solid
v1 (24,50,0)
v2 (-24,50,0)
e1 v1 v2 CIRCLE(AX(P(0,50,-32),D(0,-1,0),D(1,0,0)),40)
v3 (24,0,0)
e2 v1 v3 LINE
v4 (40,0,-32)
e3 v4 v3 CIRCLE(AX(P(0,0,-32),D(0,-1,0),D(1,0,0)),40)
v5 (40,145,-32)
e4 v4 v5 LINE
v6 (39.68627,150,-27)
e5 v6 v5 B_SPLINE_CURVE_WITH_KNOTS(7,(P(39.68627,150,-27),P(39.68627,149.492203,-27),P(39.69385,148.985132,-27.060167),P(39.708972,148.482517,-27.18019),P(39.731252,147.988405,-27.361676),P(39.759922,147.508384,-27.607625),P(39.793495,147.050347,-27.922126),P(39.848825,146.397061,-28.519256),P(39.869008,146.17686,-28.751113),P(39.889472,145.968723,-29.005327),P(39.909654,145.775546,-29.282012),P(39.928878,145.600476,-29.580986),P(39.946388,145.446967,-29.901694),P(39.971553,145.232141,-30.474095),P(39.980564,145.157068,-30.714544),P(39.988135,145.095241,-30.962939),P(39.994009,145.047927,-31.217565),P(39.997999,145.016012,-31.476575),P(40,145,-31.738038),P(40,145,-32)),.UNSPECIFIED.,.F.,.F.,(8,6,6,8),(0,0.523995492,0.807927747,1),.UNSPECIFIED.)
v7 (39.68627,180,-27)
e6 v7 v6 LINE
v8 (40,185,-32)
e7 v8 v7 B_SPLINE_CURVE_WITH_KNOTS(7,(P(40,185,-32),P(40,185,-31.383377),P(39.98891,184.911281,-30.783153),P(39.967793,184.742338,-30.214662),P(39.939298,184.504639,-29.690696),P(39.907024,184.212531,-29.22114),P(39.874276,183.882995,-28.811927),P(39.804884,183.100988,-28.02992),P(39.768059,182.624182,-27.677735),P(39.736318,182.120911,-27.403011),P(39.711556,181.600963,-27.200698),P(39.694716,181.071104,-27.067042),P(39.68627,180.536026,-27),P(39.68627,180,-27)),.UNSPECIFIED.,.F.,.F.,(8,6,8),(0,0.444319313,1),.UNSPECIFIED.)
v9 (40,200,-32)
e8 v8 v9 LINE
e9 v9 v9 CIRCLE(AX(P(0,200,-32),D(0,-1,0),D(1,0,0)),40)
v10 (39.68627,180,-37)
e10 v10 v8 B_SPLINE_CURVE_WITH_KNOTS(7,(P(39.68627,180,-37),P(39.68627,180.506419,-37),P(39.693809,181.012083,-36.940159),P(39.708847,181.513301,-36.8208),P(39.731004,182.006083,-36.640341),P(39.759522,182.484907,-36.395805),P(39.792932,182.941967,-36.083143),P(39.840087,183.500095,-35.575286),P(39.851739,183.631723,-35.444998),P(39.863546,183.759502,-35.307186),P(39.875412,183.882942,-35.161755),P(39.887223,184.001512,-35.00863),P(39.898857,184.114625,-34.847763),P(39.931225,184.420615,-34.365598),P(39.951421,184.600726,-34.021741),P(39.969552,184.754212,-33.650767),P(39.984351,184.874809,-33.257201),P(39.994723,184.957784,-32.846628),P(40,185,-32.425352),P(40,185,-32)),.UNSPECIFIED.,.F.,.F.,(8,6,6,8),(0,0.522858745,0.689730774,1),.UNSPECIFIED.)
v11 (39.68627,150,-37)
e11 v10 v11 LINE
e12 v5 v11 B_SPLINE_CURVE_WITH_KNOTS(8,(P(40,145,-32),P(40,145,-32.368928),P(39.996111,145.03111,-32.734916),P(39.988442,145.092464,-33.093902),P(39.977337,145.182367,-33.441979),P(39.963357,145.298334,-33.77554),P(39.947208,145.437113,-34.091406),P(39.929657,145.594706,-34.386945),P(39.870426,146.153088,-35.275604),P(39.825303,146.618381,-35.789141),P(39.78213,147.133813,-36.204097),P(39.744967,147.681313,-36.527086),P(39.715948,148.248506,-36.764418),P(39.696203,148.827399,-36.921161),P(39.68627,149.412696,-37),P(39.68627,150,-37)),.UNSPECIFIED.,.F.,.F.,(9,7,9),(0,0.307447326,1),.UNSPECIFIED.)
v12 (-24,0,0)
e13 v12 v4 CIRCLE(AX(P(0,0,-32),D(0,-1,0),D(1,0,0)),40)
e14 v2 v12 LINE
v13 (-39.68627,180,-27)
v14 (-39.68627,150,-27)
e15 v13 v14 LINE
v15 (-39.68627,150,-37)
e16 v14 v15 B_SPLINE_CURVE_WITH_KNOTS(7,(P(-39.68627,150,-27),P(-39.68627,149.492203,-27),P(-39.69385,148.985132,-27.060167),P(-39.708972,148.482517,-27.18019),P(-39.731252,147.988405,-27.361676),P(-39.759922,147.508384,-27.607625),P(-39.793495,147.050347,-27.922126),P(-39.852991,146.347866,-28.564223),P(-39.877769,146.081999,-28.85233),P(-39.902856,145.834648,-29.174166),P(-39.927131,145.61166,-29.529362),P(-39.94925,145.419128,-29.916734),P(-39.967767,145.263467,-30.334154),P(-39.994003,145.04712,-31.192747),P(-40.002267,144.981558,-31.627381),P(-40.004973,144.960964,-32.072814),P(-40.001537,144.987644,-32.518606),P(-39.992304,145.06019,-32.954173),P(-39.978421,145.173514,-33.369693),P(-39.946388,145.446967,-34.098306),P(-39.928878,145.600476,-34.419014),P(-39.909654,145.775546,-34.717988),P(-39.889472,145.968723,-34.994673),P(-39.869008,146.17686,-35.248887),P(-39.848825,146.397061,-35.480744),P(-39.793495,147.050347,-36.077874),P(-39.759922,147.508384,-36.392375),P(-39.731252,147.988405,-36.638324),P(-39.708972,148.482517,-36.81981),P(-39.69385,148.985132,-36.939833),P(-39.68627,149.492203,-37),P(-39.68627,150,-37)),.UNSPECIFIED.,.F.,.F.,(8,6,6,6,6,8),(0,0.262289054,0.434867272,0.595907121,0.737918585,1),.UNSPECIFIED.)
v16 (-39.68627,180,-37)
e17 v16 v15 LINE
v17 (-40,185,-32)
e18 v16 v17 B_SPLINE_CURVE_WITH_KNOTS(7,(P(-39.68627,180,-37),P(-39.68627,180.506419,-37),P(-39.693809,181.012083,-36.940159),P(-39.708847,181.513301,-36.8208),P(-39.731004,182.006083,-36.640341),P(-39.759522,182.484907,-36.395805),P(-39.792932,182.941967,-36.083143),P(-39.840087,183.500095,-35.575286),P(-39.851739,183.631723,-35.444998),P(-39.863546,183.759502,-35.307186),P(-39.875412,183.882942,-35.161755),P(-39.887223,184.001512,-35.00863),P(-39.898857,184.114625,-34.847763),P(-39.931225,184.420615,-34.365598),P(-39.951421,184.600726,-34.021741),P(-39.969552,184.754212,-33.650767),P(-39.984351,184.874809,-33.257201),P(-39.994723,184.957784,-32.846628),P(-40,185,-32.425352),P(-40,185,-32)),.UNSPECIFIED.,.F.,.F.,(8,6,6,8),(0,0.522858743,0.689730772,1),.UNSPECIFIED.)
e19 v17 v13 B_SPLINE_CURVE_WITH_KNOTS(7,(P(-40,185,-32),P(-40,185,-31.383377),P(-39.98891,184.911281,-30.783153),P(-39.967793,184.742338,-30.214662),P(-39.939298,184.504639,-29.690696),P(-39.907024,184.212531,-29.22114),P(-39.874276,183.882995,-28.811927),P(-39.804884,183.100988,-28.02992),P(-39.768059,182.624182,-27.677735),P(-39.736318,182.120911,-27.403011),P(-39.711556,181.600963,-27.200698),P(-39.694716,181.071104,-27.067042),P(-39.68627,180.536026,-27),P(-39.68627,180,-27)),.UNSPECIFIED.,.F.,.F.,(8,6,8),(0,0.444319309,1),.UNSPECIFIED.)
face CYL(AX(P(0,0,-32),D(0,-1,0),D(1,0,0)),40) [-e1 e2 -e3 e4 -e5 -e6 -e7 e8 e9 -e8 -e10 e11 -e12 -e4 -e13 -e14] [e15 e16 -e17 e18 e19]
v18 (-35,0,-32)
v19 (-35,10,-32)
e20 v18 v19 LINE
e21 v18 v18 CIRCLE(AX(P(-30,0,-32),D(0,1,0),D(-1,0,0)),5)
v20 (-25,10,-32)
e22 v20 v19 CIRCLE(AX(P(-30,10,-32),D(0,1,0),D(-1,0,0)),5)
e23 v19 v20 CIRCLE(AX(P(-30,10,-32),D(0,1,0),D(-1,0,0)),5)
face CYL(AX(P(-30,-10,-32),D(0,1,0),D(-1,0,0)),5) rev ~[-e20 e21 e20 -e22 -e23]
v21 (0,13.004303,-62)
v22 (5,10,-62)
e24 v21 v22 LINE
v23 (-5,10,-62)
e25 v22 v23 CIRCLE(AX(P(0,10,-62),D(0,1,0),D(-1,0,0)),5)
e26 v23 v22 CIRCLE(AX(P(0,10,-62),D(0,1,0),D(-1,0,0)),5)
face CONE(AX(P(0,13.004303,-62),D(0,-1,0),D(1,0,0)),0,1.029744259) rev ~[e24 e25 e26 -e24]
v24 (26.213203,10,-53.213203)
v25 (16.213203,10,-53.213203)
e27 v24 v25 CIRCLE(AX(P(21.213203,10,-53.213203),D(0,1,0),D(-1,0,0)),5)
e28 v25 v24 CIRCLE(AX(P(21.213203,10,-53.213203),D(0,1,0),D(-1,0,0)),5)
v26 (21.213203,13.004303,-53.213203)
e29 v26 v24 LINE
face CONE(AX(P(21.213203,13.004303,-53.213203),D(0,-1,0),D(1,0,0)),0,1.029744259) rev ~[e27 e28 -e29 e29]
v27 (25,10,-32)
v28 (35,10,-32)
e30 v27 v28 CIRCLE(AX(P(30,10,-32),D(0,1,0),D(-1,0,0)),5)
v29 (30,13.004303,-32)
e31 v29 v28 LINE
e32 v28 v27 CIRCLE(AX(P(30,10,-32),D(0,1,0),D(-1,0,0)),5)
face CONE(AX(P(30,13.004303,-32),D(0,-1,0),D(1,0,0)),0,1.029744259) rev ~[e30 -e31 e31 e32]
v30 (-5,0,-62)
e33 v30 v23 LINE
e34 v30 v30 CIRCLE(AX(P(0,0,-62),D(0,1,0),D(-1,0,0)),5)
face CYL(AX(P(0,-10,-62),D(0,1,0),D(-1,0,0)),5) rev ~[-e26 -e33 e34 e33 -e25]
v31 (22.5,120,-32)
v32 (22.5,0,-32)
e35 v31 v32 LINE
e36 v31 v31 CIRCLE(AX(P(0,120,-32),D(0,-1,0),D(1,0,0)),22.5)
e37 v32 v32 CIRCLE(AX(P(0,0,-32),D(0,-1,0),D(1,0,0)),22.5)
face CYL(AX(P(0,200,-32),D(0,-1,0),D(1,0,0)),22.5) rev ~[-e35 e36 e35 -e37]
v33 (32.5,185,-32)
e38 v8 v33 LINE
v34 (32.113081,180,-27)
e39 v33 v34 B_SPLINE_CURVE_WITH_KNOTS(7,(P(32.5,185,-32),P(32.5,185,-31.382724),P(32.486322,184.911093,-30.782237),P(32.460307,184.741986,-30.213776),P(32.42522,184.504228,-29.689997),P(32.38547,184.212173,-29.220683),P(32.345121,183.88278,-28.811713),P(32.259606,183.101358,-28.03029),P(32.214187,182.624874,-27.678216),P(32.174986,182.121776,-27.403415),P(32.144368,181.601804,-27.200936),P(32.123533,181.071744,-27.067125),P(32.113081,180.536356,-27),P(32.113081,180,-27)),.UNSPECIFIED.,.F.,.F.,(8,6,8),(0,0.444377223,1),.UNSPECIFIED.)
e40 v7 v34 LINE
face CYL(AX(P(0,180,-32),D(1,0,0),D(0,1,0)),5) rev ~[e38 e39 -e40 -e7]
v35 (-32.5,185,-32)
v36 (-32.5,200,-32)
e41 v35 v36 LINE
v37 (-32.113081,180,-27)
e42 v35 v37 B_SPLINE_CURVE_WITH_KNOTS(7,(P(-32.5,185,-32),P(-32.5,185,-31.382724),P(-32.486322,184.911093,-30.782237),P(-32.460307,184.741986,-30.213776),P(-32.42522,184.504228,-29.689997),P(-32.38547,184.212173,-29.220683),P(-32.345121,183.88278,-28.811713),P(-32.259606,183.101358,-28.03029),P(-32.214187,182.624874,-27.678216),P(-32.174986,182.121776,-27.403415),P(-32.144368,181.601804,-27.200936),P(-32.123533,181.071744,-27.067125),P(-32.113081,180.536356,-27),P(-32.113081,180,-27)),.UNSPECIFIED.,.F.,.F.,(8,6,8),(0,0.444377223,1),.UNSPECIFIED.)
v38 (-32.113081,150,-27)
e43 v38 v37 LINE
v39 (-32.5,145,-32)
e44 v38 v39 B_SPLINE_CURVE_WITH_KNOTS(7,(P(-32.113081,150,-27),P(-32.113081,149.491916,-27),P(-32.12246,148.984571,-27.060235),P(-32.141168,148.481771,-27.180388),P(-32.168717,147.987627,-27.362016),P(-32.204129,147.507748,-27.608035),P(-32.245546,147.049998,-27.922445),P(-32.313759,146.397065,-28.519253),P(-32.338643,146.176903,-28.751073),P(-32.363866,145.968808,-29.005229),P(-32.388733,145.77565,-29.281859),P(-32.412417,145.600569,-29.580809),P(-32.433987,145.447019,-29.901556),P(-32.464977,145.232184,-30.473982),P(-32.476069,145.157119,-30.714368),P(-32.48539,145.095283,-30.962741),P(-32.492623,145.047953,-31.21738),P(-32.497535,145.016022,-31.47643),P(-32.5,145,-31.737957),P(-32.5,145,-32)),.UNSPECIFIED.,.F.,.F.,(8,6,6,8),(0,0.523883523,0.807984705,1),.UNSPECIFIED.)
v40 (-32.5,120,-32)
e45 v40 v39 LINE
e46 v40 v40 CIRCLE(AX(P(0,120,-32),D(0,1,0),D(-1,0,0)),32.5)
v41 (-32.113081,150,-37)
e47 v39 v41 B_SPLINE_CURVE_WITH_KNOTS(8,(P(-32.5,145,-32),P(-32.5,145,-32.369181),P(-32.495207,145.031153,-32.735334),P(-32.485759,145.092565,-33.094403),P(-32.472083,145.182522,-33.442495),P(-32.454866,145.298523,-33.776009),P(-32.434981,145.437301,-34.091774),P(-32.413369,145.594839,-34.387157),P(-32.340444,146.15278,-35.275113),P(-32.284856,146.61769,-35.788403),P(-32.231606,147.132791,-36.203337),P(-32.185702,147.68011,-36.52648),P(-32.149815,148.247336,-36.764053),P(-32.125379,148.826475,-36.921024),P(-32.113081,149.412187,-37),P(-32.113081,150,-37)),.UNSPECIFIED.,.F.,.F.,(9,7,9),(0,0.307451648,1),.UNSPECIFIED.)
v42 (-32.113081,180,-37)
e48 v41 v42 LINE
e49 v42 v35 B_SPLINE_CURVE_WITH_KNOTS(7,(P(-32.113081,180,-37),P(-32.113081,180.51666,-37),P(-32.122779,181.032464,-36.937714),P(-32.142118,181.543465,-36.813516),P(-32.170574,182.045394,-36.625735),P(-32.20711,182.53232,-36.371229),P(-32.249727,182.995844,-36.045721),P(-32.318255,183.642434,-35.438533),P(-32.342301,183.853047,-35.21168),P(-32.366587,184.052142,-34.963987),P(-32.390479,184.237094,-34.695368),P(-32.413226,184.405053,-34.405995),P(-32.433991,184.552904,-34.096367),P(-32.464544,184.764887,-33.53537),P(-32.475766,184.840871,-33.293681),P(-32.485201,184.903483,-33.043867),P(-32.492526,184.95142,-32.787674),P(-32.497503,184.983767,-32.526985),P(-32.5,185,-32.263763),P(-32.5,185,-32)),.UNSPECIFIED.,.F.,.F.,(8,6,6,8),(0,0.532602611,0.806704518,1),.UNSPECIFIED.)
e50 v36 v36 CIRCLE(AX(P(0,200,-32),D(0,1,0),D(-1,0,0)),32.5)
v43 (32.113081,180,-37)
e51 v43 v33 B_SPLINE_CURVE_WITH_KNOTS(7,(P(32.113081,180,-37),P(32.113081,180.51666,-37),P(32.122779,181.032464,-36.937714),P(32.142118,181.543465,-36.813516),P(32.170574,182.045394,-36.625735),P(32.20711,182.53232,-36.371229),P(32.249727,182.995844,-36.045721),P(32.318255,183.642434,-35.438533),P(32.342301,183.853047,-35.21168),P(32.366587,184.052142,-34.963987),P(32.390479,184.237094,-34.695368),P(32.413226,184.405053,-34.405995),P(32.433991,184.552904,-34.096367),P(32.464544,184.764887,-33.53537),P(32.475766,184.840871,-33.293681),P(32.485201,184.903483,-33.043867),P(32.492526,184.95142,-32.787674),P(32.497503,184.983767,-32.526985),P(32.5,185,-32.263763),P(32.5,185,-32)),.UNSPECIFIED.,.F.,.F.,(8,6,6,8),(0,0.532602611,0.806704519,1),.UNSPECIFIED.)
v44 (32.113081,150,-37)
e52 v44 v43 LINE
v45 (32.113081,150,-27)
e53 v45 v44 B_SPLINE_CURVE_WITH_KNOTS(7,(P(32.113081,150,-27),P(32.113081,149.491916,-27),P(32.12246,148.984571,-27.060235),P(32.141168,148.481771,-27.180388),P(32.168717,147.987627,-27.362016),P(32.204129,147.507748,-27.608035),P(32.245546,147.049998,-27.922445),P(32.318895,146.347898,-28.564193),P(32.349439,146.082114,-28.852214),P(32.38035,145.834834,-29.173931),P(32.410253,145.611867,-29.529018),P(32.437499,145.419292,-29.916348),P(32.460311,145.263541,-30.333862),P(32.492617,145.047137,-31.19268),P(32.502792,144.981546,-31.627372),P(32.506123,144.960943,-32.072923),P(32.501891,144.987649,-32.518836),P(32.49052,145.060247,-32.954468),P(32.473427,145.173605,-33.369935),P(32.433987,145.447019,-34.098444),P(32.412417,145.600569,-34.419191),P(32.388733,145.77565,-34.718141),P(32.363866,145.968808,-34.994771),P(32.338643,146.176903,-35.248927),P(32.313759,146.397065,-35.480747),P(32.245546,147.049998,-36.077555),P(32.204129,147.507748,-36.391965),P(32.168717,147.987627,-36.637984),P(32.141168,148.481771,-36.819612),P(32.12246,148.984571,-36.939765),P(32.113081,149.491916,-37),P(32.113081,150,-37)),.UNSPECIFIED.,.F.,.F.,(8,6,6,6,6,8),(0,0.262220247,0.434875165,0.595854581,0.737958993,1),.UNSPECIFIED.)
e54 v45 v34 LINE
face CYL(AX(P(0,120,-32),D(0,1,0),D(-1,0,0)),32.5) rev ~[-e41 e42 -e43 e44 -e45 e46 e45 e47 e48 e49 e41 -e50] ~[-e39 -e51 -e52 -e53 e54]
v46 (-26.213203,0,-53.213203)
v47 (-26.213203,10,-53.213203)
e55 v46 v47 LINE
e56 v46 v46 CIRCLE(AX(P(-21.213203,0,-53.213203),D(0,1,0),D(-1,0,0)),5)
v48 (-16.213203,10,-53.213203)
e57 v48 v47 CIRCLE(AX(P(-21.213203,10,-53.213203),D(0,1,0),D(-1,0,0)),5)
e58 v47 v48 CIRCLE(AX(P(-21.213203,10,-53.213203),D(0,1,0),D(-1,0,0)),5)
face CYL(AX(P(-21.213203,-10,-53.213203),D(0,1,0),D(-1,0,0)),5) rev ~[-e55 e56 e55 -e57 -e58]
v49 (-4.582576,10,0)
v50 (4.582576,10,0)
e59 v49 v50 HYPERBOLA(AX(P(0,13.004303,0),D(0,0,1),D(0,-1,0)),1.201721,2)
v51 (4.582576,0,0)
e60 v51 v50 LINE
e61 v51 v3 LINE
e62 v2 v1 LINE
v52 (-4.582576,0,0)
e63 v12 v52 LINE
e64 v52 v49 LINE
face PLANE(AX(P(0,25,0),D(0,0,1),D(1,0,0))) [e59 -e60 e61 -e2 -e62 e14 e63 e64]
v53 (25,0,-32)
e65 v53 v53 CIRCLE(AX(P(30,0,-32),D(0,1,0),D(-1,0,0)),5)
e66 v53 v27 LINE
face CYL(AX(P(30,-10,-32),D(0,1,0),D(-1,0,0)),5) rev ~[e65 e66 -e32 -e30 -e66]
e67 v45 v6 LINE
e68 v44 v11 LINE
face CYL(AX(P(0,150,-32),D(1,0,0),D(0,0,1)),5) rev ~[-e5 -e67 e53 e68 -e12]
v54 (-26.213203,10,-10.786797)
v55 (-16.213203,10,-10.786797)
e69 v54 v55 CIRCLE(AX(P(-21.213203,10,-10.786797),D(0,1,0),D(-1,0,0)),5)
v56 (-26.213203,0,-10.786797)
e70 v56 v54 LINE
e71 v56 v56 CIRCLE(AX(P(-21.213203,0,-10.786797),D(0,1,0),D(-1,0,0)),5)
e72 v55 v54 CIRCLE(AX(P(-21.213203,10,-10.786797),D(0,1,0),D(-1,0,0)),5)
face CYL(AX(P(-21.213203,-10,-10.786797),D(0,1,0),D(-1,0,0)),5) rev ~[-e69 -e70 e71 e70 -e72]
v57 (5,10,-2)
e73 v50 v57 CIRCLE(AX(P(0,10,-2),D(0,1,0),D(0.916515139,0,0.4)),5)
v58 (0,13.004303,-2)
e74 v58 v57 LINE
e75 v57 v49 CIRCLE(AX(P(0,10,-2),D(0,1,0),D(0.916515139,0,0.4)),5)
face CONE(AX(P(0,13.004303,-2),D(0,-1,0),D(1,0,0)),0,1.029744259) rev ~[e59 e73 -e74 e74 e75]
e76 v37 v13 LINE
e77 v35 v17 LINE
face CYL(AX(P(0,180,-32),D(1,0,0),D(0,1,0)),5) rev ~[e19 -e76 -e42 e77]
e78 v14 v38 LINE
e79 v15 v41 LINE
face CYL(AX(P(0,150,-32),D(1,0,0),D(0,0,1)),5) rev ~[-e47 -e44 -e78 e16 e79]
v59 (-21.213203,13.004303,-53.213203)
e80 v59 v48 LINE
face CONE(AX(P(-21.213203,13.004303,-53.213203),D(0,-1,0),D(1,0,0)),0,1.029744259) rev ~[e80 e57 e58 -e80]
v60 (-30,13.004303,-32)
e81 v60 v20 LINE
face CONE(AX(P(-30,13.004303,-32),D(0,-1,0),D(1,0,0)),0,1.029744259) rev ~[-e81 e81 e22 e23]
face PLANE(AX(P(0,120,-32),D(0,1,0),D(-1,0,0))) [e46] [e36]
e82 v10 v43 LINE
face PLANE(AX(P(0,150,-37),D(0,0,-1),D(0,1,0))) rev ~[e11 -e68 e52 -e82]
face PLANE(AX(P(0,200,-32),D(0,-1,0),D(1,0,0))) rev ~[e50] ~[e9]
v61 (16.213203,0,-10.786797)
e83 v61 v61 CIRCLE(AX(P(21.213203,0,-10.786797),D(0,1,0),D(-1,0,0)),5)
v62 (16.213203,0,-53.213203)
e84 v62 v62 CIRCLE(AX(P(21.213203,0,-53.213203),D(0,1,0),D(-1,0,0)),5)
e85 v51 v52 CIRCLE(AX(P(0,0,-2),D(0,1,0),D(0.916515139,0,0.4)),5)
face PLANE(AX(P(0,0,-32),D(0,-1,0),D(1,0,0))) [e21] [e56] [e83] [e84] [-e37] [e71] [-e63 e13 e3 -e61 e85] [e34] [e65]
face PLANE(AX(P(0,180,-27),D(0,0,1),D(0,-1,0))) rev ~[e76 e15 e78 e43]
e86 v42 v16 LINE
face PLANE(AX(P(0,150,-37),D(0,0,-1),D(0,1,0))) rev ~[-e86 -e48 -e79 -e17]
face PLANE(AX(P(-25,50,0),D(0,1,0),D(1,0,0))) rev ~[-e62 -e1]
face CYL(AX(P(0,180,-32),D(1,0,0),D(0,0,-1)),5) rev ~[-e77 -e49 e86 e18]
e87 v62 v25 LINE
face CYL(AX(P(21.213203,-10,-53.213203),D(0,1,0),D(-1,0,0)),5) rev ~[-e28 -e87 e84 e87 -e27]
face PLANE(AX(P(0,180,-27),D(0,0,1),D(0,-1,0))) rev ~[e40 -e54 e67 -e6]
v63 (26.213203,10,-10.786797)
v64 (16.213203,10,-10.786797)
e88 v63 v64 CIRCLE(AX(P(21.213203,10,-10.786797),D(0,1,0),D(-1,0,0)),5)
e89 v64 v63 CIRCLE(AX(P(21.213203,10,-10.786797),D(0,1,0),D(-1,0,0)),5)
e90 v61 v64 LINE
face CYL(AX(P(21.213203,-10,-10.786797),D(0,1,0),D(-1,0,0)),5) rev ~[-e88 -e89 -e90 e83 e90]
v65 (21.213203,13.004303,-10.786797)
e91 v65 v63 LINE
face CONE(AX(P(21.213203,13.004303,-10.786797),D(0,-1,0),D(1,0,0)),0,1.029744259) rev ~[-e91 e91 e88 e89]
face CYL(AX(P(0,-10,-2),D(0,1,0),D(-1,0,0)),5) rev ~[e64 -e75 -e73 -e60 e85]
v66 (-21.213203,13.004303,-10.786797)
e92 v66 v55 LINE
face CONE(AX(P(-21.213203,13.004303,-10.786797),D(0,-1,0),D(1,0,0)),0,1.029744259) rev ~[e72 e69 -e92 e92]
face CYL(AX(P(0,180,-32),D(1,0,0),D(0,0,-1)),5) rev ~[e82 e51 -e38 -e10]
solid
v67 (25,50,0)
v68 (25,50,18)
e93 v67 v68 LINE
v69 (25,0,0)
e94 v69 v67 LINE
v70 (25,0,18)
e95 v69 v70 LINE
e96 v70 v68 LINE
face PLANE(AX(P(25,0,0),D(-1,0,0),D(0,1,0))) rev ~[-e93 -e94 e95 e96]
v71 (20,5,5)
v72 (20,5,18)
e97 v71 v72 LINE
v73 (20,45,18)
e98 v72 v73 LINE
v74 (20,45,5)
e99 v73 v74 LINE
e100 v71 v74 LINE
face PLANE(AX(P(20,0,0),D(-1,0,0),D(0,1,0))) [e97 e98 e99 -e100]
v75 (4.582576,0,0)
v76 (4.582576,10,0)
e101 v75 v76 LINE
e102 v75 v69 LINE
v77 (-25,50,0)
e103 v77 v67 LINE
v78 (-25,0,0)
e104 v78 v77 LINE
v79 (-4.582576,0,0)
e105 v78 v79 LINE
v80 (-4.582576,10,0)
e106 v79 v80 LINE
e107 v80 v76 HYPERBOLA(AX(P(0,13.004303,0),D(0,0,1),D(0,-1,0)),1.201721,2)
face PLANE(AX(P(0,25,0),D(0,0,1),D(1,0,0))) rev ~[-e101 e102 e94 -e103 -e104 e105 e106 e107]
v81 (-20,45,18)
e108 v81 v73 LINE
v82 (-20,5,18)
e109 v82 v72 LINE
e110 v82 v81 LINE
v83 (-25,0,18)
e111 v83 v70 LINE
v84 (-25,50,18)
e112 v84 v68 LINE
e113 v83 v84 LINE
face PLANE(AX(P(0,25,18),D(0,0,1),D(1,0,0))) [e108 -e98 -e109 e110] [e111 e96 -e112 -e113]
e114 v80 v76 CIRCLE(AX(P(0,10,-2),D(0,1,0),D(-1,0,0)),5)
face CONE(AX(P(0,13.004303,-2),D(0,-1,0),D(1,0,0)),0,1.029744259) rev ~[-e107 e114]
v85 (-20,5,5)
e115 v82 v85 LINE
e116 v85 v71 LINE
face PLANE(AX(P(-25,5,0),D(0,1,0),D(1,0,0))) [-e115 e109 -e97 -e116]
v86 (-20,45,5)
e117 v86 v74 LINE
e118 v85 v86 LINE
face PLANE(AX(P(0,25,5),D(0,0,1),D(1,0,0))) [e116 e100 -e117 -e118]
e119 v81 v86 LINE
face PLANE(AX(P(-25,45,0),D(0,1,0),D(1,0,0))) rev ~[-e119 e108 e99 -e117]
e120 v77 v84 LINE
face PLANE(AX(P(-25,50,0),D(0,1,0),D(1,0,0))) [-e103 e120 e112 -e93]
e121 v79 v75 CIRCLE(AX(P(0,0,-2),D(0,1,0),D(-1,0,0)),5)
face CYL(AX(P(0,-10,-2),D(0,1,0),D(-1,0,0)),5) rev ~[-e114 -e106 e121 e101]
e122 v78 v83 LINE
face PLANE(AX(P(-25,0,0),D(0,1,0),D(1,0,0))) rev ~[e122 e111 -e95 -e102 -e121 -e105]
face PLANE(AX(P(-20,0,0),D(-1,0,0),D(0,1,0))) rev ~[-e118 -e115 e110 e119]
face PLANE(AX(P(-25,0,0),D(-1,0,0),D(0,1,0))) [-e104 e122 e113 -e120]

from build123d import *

# Parameters (mm, degrees)
F0_R           = 40
F1_DEPTH       = 200
F2_W           = 50
F2_H           = 50
F3_DEPTH       = 25
F4_DEPTH       = 18
F5_T           = -5
F7_D           = 45
F7_CBORE_D     = 65
F7_CBORE_DEPTH = 80
F9_D           = 10
F9_DEPTH       = 10
F9_TIP         = 3.0043030951
F9_2_D         = 10
F9_2_DEPTH     = 10
F9_2_TIP       = 3.0043030951
F12_DEPTH      = 50


with BuildPart() as f1:
    # F0 (on Front) → F1 (new body)
    with BuildSketch(Plane.XZ):
        with Locations((0, -32)):
            Circle(F0_R)
    extrude(amount=-F1_DEPTH)

    # F2 (on Top) → F3 (cut)
    with BuildSketch(Plane.XY):
        with Locations((0, 25)):
            Rectangle(F2_W, F2_H)
    extrude(amount=F3_DEPTH, mode=Mode.SUBTRACT)

    # F7 (through all)
    with Locations(Plane(origin=(0, 200, 0), x_dir=(-1, 0, 0), z_dir=(0, 1, 0))):
        with Locations((0, -32)):
            CounterBoreHole(F7_D / 2, F7_CBORE_D / 2, F7_CBORE_DEPTH)

    # F9
    with Locations(Plane.XZ):
        with Locations((21.2132034356, -10.7867965644), (30, -32), (21.2132034356, -53.2132034356), (0, -62), (-21.2132034356, -53.2132034356), (-30, -32), (-21.2132034356, -10.7867965644), (0, -2)):
            Hole(F9_D / 2, depth=F9_DEPTH)
            with Locations((0, 0, -(F9_DEPTH + F9_TIP / 2))):  # 118° drill point
                Cone(0, F9_D / 2, F9_TIP, mode=Mode.SUBTRACT)

    # F11 (on Right) → F12 (cut, symmetric)
    with BuildSketch(Plane.YZ):
        with BuildLine():
            Line((180, -27), (150, -27))
            ThreePointArc((150, -27), (146.4644660941, -28.4644660941), (145, -32))
            ThreePointArc((145, -32), (146.4644660941, -35.5355339059), (150, -37))
            Line((150, -37), (180, -37))
            ThreePointArc((180, -37), (183.5355339059, -35.5355339059), (185, -32))
            ThreePointArc((185, -32), (183.5355339059, -28.4644660941), (180, -27))
        make_face()
    extrude(amount=F12_DEPTH, both=True, mode=Mode.SUBTRACT)


with BuildPart() as f4:
    # F2 (on Top) → F4 (new body)
    with BuildSketch(Plane.XY):
        with Locations((0, 25)):
            Rectangle(F2_W, F2_H)
    extrude(amount=F4_DEPTH)

    # F5
    f5_openings = [f4.faces().sort_by_distance(p)[0] for p in [
        (0, 25, 18),
    ]]
    offset(amount=F5_T, openings=f5_openings)

    # F9#2
    with Locations(Plane.XZ):
        with Locations((21.2132034356, -10.7867965644), (30, -32), (21.2132034356, -53.2132034356), (0, -62), (-21.2132034356, -53.2132034356), (-30, -32), (-21.2132034356, -10.7867965644), (0, -2)):
            Hole(F9_2_D / 2, depth=F9_2_DEPTH)
            with Locations((0, 0, -(F9_2_DEPTH + F9_2_TIP / 2))):  # 118° drill point
                Cone(0, F9_2_D / 2, F9_2_TIP, mode=Mode.SUBTRACT)


solid = Compound([f1.part, f4.part])
